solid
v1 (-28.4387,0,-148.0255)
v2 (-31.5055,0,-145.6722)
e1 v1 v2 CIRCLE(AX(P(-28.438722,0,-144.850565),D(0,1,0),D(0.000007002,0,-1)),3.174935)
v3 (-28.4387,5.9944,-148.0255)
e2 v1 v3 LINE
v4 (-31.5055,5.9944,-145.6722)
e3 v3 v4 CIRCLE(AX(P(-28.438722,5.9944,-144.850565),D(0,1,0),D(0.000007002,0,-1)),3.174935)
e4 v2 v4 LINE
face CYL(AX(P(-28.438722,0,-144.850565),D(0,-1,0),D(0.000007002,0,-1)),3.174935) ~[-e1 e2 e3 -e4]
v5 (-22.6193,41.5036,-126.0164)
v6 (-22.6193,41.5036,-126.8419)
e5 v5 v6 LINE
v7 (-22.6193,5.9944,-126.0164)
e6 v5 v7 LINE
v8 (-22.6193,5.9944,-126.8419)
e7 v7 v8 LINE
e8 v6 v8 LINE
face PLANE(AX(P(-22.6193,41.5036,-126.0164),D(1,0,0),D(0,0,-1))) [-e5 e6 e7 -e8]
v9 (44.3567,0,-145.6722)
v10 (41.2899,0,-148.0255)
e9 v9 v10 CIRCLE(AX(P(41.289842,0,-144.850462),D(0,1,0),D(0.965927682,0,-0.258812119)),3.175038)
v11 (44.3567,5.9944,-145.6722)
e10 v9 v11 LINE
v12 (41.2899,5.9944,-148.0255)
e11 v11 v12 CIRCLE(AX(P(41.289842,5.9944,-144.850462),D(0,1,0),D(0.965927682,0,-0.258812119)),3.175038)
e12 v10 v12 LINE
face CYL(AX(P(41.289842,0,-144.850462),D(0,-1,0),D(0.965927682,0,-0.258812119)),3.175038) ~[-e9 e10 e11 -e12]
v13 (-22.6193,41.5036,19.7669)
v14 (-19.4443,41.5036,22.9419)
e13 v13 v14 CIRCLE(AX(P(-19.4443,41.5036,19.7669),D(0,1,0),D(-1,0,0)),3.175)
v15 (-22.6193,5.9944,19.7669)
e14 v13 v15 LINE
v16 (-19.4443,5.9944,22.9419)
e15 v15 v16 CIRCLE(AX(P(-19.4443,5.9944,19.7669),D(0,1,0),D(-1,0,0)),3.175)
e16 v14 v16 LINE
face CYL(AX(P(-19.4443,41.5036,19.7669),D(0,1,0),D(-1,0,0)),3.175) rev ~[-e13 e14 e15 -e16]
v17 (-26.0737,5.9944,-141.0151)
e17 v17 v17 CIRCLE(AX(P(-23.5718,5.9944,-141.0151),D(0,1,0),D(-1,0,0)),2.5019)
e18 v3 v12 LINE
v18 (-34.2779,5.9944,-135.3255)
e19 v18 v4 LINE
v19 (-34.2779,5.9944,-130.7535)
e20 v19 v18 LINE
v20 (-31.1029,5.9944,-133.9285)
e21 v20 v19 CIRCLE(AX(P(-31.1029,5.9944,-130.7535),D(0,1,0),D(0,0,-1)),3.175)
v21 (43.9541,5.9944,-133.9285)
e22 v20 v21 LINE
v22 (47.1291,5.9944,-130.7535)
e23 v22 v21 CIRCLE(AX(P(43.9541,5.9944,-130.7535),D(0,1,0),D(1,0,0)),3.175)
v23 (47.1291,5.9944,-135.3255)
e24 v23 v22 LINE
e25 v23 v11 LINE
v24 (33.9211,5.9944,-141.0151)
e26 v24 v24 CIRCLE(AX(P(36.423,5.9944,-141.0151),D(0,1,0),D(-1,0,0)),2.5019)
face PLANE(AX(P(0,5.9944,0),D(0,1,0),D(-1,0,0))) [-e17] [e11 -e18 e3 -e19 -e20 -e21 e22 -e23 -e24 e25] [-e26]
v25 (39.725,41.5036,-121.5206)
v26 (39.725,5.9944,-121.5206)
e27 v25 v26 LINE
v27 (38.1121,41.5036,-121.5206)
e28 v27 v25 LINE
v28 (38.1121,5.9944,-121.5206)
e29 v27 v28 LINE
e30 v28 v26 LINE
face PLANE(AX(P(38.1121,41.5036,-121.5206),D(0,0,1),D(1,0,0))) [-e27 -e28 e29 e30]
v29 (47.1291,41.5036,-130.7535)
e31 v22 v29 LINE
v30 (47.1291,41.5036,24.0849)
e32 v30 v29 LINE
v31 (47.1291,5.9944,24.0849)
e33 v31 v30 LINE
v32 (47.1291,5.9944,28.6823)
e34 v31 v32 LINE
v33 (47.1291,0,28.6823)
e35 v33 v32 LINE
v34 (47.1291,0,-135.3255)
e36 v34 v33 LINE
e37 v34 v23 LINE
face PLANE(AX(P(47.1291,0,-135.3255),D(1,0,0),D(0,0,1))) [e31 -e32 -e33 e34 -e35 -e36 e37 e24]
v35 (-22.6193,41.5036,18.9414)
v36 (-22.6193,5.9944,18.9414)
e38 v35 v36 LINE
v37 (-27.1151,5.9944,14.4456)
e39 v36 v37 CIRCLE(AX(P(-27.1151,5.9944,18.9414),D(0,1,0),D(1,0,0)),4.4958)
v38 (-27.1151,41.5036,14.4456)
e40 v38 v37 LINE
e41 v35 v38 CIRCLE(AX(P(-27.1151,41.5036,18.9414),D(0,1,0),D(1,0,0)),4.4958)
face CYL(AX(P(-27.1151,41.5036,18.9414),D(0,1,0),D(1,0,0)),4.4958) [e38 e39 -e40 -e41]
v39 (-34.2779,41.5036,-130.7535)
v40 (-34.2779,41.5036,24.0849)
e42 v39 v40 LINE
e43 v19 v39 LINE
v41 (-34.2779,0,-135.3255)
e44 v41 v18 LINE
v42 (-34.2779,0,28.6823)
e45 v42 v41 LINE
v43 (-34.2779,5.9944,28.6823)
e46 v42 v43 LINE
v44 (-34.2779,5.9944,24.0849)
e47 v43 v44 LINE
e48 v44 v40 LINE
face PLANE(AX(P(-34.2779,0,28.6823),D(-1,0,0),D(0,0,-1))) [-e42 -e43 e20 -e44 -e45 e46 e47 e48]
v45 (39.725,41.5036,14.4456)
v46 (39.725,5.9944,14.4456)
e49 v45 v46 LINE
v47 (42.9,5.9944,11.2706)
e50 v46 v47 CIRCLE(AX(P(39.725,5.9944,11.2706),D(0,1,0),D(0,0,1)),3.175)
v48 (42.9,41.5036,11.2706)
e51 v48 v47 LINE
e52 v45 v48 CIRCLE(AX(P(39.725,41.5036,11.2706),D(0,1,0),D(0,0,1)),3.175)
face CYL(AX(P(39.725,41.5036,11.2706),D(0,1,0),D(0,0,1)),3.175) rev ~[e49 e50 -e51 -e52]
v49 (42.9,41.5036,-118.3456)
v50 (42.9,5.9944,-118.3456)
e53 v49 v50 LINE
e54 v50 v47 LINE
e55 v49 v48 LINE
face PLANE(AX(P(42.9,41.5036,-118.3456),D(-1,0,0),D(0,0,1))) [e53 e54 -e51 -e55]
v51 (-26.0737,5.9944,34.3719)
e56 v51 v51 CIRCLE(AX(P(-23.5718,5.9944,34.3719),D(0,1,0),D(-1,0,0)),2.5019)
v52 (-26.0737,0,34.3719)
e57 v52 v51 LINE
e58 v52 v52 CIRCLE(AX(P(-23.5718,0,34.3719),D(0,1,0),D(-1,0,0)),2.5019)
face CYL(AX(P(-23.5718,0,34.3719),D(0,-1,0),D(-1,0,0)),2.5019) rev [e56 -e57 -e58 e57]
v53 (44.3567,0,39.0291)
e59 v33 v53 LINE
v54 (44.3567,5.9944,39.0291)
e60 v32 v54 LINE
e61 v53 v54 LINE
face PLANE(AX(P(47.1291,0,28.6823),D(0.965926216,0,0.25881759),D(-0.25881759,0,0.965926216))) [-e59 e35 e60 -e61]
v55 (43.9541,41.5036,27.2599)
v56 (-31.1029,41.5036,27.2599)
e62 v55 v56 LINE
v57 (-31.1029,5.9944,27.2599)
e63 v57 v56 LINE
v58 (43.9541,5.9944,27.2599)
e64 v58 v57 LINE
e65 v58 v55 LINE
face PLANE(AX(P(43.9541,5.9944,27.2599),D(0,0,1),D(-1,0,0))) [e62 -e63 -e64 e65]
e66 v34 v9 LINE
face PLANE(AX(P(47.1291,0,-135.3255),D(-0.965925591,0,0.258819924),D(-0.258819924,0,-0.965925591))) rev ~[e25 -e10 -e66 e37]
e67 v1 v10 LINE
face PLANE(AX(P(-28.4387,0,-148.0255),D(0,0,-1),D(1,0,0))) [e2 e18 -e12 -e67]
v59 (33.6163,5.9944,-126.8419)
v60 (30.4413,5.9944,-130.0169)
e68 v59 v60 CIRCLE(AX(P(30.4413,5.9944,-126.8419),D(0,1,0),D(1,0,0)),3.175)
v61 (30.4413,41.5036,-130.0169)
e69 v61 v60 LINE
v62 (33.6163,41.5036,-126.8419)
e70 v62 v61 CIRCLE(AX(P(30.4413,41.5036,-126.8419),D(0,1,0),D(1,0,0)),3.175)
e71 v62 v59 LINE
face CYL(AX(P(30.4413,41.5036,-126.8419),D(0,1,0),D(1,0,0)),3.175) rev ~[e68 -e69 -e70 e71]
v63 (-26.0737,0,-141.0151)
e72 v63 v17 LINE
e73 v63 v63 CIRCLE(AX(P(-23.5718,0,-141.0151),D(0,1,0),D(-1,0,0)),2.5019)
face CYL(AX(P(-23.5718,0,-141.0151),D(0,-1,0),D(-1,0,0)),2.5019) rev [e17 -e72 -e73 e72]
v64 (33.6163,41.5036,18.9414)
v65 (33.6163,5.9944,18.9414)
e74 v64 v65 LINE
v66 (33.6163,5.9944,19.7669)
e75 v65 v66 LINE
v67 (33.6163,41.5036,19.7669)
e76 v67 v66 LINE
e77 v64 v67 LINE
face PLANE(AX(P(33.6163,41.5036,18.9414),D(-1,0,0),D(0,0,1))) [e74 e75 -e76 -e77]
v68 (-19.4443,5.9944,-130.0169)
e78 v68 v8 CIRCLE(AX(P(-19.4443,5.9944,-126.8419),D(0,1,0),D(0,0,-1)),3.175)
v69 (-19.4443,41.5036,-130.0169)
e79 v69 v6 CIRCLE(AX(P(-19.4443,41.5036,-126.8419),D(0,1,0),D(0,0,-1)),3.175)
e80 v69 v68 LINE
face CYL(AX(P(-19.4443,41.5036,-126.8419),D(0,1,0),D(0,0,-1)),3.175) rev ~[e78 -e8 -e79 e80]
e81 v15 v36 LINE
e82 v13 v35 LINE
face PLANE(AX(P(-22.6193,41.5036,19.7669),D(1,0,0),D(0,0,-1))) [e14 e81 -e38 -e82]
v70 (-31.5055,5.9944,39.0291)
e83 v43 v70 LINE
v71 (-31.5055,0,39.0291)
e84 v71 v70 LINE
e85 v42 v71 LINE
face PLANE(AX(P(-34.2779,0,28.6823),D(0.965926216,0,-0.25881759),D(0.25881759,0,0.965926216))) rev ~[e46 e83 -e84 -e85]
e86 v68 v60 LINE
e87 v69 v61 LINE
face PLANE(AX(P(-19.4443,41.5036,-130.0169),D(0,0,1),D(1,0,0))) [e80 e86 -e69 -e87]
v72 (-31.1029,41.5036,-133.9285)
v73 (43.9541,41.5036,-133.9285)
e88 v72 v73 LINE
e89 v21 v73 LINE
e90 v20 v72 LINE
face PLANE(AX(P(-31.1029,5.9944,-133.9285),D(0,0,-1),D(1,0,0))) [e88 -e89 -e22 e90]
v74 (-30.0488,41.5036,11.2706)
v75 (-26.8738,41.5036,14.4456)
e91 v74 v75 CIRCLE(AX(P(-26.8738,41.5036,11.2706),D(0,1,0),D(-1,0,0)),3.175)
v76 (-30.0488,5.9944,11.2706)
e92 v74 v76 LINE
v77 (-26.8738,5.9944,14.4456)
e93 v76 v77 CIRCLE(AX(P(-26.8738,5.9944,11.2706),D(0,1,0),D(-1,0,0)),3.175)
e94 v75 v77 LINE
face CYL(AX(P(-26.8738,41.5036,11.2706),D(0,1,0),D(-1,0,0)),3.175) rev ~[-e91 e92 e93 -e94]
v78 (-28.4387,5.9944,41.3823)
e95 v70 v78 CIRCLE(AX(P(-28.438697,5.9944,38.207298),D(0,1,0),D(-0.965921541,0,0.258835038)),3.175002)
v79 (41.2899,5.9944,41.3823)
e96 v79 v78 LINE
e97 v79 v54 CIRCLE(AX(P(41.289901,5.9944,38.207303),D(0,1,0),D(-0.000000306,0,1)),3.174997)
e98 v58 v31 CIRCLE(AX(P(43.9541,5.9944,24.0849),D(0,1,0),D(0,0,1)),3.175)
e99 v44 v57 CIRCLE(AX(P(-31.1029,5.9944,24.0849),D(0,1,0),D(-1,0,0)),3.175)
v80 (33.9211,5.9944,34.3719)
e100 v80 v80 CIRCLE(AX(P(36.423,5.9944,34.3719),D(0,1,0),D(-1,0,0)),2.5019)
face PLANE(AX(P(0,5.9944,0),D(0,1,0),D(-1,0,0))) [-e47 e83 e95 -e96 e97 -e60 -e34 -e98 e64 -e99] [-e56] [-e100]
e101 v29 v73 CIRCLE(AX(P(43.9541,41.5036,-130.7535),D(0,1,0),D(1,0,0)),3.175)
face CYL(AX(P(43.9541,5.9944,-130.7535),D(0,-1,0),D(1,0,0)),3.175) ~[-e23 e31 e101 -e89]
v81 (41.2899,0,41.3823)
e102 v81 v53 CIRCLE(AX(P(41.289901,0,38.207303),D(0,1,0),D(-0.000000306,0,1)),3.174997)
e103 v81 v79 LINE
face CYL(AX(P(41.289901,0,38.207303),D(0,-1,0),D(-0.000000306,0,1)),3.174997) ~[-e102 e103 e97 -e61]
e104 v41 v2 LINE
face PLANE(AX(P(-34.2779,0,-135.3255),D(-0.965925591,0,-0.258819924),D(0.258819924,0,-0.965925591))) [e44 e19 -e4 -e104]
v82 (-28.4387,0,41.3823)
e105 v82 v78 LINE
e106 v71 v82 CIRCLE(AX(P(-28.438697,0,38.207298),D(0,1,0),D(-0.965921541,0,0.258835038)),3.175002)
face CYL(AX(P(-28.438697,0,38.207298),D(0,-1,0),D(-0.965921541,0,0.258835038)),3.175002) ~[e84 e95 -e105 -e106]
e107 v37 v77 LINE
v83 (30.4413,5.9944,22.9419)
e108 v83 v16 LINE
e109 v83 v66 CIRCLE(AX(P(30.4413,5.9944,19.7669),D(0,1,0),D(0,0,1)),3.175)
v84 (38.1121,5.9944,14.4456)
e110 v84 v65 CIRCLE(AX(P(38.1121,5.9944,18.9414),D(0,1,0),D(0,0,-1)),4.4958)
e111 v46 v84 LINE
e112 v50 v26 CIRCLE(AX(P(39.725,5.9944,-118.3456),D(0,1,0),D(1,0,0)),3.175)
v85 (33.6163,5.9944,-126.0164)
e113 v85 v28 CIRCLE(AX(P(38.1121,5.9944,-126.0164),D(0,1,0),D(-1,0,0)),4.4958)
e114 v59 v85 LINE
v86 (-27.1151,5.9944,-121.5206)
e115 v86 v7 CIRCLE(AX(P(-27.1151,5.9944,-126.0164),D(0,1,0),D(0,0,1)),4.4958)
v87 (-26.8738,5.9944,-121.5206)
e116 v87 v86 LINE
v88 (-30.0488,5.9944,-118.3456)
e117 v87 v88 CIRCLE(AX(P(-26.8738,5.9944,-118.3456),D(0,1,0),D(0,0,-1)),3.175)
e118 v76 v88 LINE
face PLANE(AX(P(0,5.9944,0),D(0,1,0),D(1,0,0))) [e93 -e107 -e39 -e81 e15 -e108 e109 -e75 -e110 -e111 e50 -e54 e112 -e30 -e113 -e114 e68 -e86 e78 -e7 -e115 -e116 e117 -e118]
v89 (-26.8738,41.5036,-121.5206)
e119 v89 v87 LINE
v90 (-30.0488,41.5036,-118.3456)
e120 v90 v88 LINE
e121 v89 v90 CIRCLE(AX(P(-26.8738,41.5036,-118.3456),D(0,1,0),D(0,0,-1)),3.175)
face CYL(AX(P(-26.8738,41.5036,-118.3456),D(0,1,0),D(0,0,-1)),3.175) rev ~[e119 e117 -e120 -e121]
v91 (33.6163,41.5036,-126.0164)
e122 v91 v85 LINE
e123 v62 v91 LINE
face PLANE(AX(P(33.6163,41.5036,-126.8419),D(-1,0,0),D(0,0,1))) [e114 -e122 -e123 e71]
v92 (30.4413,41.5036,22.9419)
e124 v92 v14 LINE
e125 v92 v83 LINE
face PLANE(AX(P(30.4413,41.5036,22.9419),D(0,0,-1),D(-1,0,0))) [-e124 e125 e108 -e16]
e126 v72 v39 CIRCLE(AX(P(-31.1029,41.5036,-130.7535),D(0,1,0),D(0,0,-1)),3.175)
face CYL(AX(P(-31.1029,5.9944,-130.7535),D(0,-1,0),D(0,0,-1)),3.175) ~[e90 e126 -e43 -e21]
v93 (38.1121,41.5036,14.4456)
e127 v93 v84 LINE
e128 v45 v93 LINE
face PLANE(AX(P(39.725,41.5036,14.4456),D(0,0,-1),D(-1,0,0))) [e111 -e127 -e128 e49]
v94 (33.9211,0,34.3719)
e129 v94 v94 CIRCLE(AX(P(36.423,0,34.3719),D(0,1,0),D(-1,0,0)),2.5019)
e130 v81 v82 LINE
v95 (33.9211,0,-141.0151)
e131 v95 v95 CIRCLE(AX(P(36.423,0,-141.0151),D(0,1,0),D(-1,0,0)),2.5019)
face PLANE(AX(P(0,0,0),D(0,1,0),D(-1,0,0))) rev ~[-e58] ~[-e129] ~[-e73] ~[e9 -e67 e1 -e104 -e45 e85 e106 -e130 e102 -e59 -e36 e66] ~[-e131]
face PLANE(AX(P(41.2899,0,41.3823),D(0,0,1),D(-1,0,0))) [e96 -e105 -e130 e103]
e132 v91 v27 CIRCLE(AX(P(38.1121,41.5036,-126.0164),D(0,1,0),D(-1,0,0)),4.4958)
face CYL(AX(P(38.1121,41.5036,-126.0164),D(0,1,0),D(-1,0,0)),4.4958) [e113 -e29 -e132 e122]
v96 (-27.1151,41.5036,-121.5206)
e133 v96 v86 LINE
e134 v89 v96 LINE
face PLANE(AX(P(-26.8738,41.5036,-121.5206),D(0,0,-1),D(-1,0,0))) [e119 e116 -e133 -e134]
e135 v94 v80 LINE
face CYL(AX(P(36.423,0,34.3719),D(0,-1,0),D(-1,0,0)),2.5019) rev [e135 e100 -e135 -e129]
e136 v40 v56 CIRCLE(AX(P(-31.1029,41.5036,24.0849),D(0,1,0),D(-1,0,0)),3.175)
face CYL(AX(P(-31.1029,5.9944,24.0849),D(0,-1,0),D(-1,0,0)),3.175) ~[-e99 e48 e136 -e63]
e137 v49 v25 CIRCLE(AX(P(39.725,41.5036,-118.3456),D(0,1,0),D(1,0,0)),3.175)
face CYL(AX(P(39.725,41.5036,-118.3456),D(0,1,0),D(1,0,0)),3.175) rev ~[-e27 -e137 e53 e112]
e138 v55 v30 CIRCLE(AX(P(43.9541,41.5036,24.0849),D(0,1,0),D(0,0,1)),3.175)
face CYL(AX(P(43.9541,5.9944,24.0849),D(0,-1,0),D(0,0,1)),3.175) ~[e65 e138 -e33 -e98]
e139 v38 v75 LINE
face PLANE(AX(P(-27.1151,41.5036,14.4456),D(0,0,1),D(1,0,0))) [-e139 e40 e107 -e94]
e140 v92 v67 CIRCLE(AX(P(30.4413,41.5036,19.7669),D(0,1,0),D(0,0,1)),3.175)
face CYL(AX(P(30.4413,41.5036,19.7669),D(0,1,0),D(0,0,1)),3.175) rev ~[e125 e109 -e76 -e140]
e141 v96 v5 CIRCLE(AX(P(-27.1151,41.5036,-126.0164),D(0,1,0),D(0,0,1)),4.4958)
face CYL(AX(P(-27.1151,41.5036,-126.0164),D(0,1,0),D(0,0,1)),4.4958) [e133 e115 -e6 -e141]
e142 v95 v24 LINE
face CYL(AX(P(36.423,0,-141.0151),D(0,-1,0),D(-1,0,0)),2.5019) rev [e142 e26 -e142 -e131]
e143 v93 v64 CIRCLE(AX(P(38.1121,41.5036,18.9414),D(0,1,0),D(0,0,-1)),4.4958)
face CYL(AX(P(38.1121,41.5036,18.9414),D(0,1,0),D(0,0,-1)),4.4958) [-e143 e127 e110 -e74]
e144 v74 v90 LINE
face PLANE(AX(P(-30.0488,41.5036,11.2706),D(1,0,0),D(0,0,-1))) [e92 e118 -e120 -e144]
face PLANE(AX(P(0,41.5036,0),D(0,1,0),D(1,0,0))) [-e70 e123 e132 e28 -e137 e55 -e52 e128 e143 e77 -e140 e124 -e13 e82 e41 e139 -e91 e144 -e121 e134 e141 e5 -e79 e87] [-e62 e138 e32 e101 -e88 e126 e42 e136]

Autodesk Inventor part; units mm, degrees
ref_plane "YZ Plane" through (0, 0, 0) normal (1, 0, 0) x (0, 1, 0)
ref_plane "XZ Plane" through (0, 0, 0) normal (0, 1, 0) x (-1, 0, 0)
ref_plane "XY Plane" through (0, 0, 0) normal (0, 0, 1) x (1, 0, 0)
sketch "Sketch1" plane through (0, 0, 0) normal (0, 1, 0) x (-1, 0, 0)
  line L0 (-41.2899, 41.3823) -> (28.4387, 41.3823)
  line L1 (34.2779, 28.6823) -> (34.2779, -135.3255)
  line L2 (28.4387, -148.0255) -> (-41.2899, -148.0255)
  line L3 (-47.1291, -135.3255) -> (-47.1291, 28.6823)
  line L4 (-47.1291, 28.6823) -> (34.2779, 28.6823)
  line L5 (-47.1291, -135.3255) -> (34.2779, -135.3255)
  line L6 (34.2779, -135.3255) -> (31.5055, -145.6722)
  line L7 (-47.1291, -135.3255) -> (-44.3567, -145.6722)
  line L8 (-47.1291, 28.6823) -> (-44.3567, 39.0291)
  line L9 (34.2779, 28.6823) -> (31.5055, 39.0291)
  arc A0 (-44.3567, -145.6722) -> (-41.2899, -148.0255) centre (-41.2899, -144.8505) ccw
  arc A1 (28.4387, -148.0255) -> (31.5055, -145.6722) centre (28.4387, -144.8505) ccw
  arc A2 (31.5055, 39.0291) -> (28.4387, 41.3823) centre (28.4387, 38.2073) ccw
  arc A3 (-41.2899, 41.3823) -> (-44.3567, 39.0291) centre (-41.2899, 38.2073) ccw
  circle A4 centre (-36.423, -141.0151) radius 2.5019
  circle A5 centre (23.5718, -141.0151) radius 2.5019
  circle A6 centre (-36.423, 34.3719) radius 2.5019
  circle A7 centre (23.5718, 34.3719) radius 2.5019
  line L10 (-6.4256, 41.3823) -> (-6.4256, -148.0255) construction
  point P0 (0, 0)
  dimension "d2" = 12.7
  dimension "d3" = 12.7
  dimension "d4" = 15
  dimension "d5" = 15
  dimension "d6" = 15
  dimension "d7" = 81.407
  dimension "d8" = 189.4078
  dimension "d9" = 3.175
  dimension "d10" = 7.0104
  dimension "d11" = 7.0104
  dimension "d12" = 7.0104
  dimension "d13" = 7.0104
  dimension "d14" = 59.9948
  dimension "d15" = 59.9948
  dimension "d16" = 5.0038
  dimension "d17" = 5.0038
  dimension "d18" = 5.0038
  dimension "d19" = 5.0038
  dimension "d20" = 29.9974
  dimension "d21" = 29.9974
extrude "Extrusion1" add sketch "Sketch1" along normal blind 5.9944
sketch "Sketch2" plane through (0, 5.9944, 0) normal (0, 1, 0) x (1, 0, 0)
  line L0 (47.1291, -28.6823) -> (47.1291, 135.3255) projected
  line L1 (41.2899, 148.0255) -> (-28.4387, 148.0255) projected
  line L2 (-34.2779, 135.3255) -> (-34.2779, -28.6823) projected
  line L3 (-31.1029, 133.9285) -> (43.9541, 133.9285)
  line L4 (47.1291, 130.7535) -> (47.1291, -24.0849)
  line L5 (43.9541, -27.2599) -> (-31.1029, -27.2599)
  line L6 (-34.2779, -24.0849) -> (-34.2779, 130.7535)
  arc A0 (-34.2779, -24.0849) -> (-31.1029, -27.2599) centre (-31.1029, -24.0849) ccw
  arc A1 (43.9541, -27.2599) -> (47.1291, -24.0849) centre (43.9541, -24.0849) ccw
  arc A2 (47.1291, 130.7535) -> (43.9541, 133.9285) centre (43.9541, 130.7535) ccw
  arc A3 (-31.1029, 133.9285) -> (-34.2779, 130.7535) centre (-31.1029, 130.7535) ccw
  point P0 (0, 0)
  point P1 (-34.2779, 133.9285)
  point P2 (47.1291, -27.2599)
  dimension "d25" = 161.1884
  dimension "d26" = 14.097
  dimension "d27" = 3.175
extrude "Extrusion2" add sketch "Sketch2" along normal blind 35.5092
sketch "Sketch3" plane through (0, 41.5036, 0) normal (0, 1, 0) x (1, 0, 0)
  line L0 (-34.2779, 130.7535) -> (-34.2779, -24.0849) projected
  line L1 (43.9541, 133.9285) -> (-31.1029, 133.9285) projected
  line L2 (42.9, 118.3456) -> (42.9, -11.2706)
  line L3 (-30.0488, -11.2706) -> (-30.0488, 118.3456)
  line L4 (-19.4443, 130.0169) -> (30.4413, 130.0169)
  line L5 (30.4413, -22.9419) -> (-19.4443, -22.9419)
  arc A0 (33.6163, 126.8419) -> (30.4413, 130.0169) centre (30.4413, 126.8419) ccw
  arc A1 (-19.4443, 130.0169) -> (-22.6193, 126.8419) centre (-19.4443, 126.8419) ccw
  arc A2 (-22.6193, -19.7669) -> (-19.4443, -22.9419) centre (-19.4443, -19.7669) ccw
  arc A3 (30.4413, -22.9419) -> (33.6163, -19.7669) centre (30.4413, -19.7669) ccw
  arc A4 (-30.0488, -11.2706) -> (-26.8738, -14.4456) centre (-26.8738, -11.2706) ccw
  arc A5 (-26.8738, 121.5206) -> (-30.0488, 118.3456) centre (-26.8738, 118.3456) ccw
  arc A6 (42.9, 118.3456) -> (39.725, 121.5206) centre (39.725, 118.3456) ccw
  arc A7 (39.725, -14.4456) -> (42.9, -11.2706) centre (39.725, -11.2706) ccw
  line L6 (33.6163, 126.8419) -> (33.6163, 126.0164)
  line L7 (33.6163, -18.9414) -> (33.6163, -19.7669)
  line L8 (-22.6193, -19.7669) -> (-22.6193, -18.9414)
  line L9 (-22.6193, 126.0164) -> (-22.6193, 126.8419)
  line L10 (39.725, -14.4456) -> (38.1121, -14.4456)
  line L11 (-27.1151, -14.4456) -> (-26.8738, -14.4456)
  line L12 (-26.8738, 121.5206) -> (-27.1151, 121.5206)
  line L13 (38.1121, 121.5206) -> (39.725, 121.5206)
  arc A8 (38.1121, -14.4456) -> (33.6163, -18.9414) centre (38.1121, -18.9414) ccw
  arc A9 (33.6163, 126.0164) -> (38.1121, 121.5206) centre (38.1121, 126.0164) ccw
  arc A10 (-27.1151, 121.5206) -> (-22.6193, 126.0164) centre (-27.1151, 126.0164) ccw
  arc A11 (-22.6193, -18.9414) -> (-27.1151, -14.4456) centre (-27.1151, -18.9414) ccw
  point P0 (0, 0)
  point P1 (42.9, 76.4991)
  point P2 (42.9, 110.1795)
  point P3 (-30.0488, 76.4991)
  point P4 (-22.7463, 130.0169)
  point P5 (33.6163, -22.9419)
  point P6 (33.6163, 130.0169)
  dimension "d30" = 56.3626
  dimension "d32" = 152.9588
  dimension "d35" = 72.9488
  dimension "d36" = 4.2291
  dimension "d37" = 3.9116
  dimension "d38" = 3.175
  dimension "d39" = 4.4958
  dimension "d42" = 135.9662
  dimension "d43" = 8.4963
extrude "Extrusion3" cut sketch "Sketch3" against normal blind 35.5092
properties part number "NEAMBoxLarge"
